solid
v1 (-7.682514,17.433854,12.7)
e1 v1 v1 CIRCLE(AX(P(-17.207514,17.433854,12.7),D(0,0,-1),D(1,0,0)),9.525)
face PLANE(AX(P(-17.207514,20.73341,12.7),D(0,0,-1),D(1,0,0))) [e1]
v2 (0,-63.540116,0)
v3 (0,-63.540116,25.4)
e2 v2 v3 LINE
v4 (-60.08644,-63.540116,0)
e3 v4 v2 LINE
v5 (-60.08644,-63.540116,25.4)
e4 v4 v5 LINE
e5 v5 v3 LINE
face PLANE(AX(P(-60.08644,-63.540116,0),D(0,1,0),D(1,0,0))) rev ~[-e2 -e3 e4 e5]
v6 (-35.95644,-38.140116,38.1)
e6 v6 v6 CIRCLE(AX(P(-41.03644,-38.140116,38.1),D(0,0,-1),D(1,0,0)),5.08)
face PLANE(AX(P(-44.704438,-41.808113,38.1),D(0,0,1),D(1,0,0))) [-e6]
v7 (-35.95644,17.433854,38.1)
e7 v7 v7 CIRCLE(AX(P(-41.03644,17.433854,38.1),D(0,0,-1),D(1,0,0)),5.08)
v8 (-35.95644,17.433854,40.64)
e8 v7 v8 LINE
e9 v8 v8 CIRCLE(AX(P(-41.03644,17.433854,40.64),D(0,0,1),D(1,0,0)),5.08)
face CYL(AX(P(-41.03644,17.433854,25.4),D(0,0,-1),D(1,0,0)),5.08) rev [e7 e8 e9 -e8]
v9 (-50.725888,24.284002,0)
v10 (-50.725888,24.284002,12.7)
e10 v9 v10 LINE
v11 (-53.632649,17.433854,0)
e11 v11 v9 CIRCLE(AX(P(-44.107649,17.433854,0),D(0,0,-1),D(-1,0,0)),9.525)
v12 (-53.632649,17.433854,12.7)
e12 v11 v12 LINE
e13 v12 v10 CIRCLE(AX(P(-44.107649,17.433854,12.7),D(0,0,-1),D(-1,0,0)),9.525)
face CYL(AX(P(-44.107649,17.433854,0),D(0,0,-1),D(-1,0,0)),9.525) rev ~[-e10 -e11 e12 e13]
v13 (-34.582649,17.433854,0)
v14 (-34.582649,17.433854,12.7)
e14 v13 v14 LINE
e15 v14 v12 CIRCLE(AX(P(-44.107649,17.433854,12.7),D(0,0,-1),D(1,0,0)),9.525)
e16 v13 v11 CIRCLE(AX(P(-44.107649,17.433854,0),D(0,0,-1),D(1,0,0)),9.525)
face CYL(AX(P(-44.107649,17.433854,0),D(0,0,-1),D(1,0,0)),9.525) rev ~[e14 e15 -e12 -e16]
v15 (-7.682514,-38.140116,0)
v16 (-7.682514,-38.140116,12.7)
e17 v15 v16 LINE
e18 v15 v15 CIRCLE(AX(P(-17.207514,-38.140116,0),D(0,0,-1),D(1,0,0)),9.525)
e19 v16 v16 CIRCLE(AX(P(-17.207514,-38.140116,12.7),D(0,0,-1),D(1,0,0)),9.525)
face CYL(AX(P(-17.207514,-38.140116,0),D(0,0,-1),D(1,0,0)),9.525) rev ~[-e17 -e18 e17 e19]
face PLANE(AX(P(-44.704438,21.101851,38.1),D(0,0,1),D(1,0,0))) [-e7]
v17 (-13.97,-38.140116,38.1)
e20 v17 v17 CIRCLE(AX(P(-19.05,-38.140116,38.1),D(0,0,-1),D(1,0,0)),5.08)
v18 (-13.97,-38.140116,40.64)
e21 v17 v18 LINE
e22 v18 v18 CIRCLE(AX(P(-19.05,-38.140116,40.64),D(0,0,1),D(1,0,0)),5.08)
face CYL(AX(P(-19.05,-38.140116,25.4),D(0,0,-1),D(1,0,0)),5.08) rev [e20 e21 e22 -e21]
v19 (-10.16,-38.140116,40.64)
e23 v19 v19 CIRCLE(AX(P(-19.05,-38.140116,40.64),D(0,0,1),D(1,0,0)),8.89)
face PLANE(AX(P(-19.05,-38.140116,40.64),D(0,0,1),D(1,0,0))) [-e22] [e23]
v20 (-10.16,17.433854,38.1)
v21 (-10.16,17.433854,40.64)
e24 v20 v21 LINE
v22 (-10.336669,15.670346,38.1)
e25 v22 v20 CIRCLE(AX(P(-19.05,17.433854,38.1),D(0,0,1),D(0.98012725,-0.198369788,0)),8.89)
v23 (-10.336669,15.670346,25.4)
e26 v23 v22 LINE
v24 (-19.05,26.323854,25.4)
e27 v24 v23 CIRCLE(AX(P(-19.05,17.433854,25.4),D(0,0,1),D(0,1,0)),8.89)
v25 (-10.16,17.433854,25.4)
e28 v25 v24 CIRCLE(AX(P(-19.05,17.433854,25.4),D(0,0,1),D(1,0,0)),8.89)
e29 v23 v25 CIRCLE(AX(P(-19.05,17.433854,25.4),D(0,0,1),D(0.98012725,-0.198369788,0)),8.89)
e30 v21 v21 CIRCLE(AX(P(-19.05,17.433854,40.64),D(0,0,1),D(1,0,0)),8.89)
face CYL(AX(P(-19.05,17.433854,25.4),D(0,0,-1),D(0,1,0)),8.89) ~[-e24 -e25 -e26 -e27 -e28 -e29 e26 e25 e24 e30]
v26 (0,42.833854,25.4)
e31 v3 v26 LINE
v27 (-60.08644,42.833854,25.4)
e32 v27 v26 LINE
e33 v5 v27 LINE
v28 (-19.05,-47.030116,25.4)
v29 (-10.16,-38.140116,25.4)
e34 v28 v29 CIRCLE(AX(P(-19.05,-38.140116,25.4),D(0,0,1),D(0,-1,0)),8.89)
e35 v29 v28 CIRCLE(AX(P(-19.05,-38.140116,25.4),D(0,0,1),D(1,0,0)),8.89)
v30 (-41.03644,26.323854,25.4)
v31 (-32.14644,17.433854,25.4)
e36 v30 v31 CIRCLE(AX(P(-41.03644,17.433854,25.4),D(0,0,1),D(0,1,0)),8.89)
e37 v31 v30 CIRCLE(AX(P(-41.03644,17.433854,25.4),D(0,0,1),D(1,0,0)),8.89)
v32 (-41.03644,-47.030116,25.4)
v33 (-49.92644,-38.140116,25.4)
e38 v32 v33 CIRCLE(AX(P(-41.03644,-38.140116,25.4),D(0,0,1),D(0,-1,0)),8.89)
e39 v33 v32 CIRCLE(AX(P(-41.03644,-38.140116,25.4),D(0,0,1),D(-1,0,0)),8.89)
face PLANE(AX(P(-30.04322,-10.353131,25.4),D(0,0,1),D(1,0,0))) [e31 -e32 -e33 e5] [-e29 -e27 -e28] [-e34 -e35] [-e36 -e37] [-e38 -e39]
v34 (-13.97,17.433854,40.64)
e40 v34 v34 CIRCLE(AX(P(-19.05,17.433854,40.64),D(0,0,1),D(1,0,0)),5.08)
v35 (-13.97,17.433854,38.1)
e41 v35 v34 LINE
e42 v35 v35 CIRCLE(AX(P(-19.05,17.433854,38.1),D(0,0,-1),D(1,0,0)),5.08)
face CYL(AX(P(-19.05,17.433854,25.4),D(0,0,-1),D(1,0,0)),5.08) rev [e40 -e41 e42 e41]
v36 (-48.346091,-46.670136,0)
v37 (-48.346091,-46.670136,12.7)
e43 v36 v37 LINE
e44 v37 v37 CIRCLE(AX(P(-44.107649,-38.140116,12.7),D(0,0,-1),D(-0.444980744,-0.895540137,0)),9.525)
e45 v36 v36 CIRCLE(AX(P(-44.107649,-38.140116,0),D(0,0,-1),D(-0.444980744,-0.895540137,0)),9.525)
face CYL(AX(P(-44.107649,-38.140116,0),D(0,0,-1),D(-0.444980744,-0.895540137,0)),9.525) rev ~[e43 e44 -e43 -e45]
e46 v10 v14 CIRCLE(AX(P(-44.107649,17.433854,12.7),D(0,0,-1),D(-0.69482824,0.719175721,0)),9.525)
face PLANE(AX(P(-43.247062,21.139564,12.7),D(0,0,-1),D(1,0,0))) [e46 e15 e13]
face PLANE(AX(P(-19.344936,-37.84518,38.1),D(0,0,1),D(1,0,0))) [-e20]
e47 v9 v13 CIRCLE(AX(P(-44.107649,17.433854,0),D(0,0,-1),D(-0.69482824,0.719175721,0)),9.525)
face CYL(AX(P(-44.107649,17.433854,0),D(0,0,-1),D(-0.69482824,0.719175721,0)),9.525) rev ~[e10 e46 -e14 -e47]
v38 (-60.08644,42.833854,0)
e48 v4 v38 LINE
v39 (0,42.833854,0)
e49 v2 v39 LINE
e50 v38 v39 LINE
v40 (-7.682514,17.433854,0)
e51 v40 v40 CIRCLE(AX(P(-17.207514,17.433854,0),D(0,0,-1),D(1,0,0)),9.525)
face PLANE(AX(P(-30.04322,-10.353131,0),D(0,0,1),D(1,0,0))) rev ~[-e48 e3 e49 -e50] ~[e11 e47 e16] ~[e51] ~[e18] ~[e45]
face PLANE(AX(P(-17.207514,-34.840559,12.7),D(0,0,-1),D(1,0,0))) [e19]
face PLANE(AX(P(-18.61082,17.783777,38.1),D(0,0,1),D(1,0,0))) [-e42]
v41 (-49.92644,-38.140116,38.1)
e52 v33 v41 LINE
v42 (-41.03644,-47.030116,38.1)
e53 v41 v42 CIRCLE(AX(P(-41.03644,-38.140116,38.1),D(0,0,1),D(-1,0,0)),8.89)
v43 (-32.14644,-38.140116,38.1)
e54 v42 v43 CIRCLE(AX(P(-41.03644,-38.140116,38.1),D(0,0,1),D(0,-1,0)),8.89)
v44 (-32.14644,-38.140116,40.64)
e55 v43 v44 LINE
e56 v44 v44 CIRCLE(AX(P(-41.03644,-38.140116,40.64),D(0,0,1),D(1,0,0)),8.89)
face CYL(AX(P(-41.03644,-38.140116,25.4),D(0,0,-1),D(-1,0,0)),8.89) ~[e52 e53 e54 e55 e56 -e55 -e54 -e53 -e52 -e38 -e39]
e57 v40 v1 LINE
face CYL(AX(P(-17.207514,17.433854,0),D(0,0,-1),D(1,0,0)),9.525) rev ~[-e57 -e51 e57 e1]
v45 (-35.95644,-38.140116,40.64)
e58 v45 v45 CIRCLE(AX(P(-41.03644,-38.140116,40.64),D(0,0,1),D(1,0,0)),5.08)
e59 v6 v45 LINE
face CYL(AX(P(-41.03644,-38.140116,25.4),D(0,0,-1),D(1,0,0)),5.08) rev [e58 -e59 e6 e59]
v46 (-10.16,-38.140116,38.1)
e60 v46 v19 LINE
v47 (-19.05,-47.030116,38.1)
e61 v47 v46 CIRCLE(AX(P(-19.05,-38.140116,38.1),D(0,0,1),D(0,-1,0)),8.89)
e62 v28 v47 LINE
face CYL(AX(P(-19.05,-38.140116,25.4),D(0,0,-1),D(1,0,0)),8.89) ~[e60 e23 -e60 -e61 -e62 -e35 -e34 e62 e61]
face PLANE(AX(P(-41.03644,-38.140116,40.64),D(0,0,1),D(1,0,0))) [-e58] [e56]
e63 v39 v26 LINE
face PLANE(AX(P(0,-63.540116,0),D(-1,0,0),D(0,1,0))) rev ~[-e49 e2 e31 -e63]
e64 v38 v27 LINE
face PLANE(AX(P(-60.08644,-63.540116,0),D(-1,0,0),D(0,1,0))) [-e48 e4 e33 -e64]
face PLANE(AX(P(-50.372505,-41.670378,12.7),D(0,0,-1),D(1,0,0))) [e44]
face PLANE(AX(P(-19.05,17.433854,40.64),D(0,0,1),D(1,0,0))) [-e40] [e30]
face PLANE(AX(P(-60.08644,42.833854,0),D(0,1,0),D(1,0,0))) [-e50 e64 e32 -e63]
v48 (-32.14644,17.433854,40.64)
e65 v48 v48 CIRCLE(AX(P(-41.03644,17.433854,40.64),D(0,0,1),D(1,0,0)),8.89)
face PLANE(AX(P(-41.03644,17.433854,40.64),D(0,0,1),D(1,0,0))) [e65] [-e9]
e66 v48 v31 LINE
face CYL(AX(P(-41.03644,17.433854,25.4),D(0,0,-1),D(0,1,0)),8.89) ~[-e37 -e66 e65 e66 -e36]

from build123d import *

# Parameters (mm, degrees)
F0_W     = 60.086440295
F0_H     = 106.3739694655
F1_DEPTH = 25.4
F3_DEPTH = 12.7
F4_R     = 8.89
F4_R_2   = 5.08
F5_DEPTH = 15.24
F7_DEPTH = 12.7


with BuildPart() as f1:
    # F0 (on Top) → F1 (new body)
    with BuildSketch(Plane.XY):
        with Locations((-30.0432201475, -10.3531312197)):
            Rectangle(F0_W, F0_H)
    extrude(amount=F1_DEPTH)

    # F2 (on face) → F3 (join)
    with BuildSketch(Plane.XY.offset(25.4)):
        with BuildLine():
            ThreePointArc((-10.16, -38.1401159525), (-25.3361792847, -31.8539366677), (-19.05, -47.0301159525))
            Line((-19.05, -47.0301159525), (-19.05, -38.1401159525))
            Line((-19.05, -38.1401159525), (-10.16, -38.1401159525))
        make_face()
        with BuildLine():
            Line((-19.05, -38.1401159525), (-19.05, -47.0301159525))
            ThreePointArc((-19.05, -47.0301159525), (-12.7638207153, -44.4262952372), (-10.16, -38.1401159525))
            Line((-10.16, -38.1401159525), (-19.05, -38.1401159525))
        make_face()
        with BuildLine():
            ThreePointArc((-49.926440295, -38.1401159525), (-47.3226195797, -44.4262952372), (-41.036440295, -47.0301159525))
            Line((-41.036440295, -47.0301159525), (-41.036440295, -38.1401159525))
            Line((-41.036440295, -38.1401159525), (-49.926440295, -38.1401159525))
        make_face()
        with BuildLine():
            Line((-41.036440295, -38.1401159525), (-41.036440295, -47.0301159525))
            ThreePointArc((-41.036440295, -47.0301159525), (-34.7502610102, -44.4262952372), (-32.146440295, -38.1401159525))
            ThreePointArc((-32.146440295, -38.1401159525), (-41.036440295, -29.2501159525), (-49.926440295, -38.1401159525))
            Line((-49.926440295, -38.1401159525), (-41.036440295, -38.1401159525))
        make_face()
        with BuildLine():
            ThreePointArc((-41.036440295, 26.323853513), (-47.3226195797, 23.7200327978), (-49.926440295, 17.433853513))
            Line((-49.926440295, 17.433853513), (-41.036440295, 17.433853513))
            Line((-41.036440295, 17.433853513), (-41.036440295, 26.323853513))
        make_face()
        with BuildLine():
            Line((-41.036440295, 17.433853513), (-49.926440295, 17.433853513))
            ThreePointArc((-49.926440295, 17.433853513), (-41.036440295, 8.543853513), (-32.146440295, 17.433853513))
            ThreePointArc((-32.146440295, 17.433853513), (-34.7502610102, 23.7200327978), (-41.036440295, 26.323853513))
            Line((-41.036440295, 26.323853513), (-41.036440295, 17.433853513))
        make_face()
        with BuildLine():
            ThreePointArc((-19.05, 26.323853513), (-25.9314853388, 11.8055980522), (-10.3366687432, 15.6703460962))
            ThreePointArc((-10.3366687432, 15.6703460962), (-10.2042774497, 16.5476861679), (-10.16, 17.433853513))
            ThreePointArc((-10.16, 17.433853513), (-12.7638207153, 23.7200327978), (-19.05, 26.323853513))
        make_face()
    extrude(amount=F3_DEPTH)

    # F4 (on face) → F5 (join)
    with BuildSketch(Plane.XY.offset(25.4)):
        with Locations((-41.036440295, -38.1401159525)):
            Circle(F4_R)
        with Locations((-41.036440295, -38.1401159525)):
            Circle(F4_R_2, mode=Mode.SUBTRACT)
        with Locations((-19.05, -38.1401159525)):
            Circle(F4_R)
        with Locations((-19.05, -38.1401159525)):
            Circle(F4_R_2, mode=Mode.SUBTRACT)
        with Locations((-41.036440295, 17.433853513)):
            Circle(F4_R)
        with Locations((-41.036440295, 17.433853513)):
            Circle(F4_R_2, mode=Mode.SUBTRACT)
        with Locations((-19.05, 17.433853513)):
            Circle(F4_R)
        with Locations((-19.05, 17.433853513)):
            Circle(F4_R_2, mode=Mode.SUBTRACT)
    extrude(amount=F5_DEPTH)

    # F6 (on face) → F7 (cut)
    with BuildSketch(Plane(origin=(0, 0, 0), x_dir=(1, 0, 0), z_dir=(0, 0, -1))):
        with BuildLine():
            Line((-53.6326494753, 38.1401159525), (-48.3460910618, 38.1401159525))
            Line((-48.3460910618, 38.1401159525), (-48.3460910618, 46.6701357601))
            ThreePointArc((-48.3460910618, 46.6701357601), (-52.20384553, 43.1578080957), (-53.6326494753, 38.1401159525))
        make_face()
        with BuildLine():
            Line((-34.5826494753, 38.1401159525), (-48.3460910618, 38.1401159525))
            Line((-48.3460910618, 38.1401159525), (-53.6326494753, 38.1401159525))
            ThreePointArc((-53.6326494753, 38.1401159525), (-44.1076494753, 28.6151159525), (-34.5826494753, 38.1401159525))
        make_face()
        with BuildLine():
            Line((-48.3460910618, 46.6701357601), (-48.3460910618, 38.1401159525))
            Line((-48.3460910618, 38.1401159525), (-34.5826494753, 38.1401159525))
            ThreePointArc((-34.5826494753, 38.1401159525), (-39.0899573321, 46.2363120072), (-48.3460910618, 46.6701357601))
        make_face()
        with BuildLine():
            Line((-7.6825144947, 38.1401159525), (-26.7325144947, 38.1401159525))
            ThreePointArc((-26.7325144947, 38.1401159525), (-17.2075144947, 28.6151159525), (-7.6825144947, 38.1401159525))
        make_face()
        with BuildLine():
            ThreePointArc((-7.6825144947, 38.1401159525), (-17.2075144947, 47.6651159525), (-26.7325144947, 38.1401159525))
            Line((-26.7325144947, 38.1401159525), (-7.6825144947, 38.1401159525))
        make_face()
        with BuildLine():
            ThreePointArc((-26.7325144947, -17.433853513), (-17.2075144947, -26.958853513), (-7.6825144947, -17.433853513))
            Line((-7.6825144947, -17.433853513), (-26.7325144947, -17.433853513))
        make_face()
        with BuildLine():
            Line((-26.7325144947, -17.433853513), (-7.6825144947, -17.433853513))
            ThreePointArc((-7.6825144947, -17.433853513), (-17.2075144947, -7.908853513), (-26.7325144947, -17.433853513))
        make_face()
        with BuildLine():
            Line((-34.5826494753, -17.433853513), (-50.7258884609, -17.433853513))
            Line((-50.7258884609, -17.433853513), (-50.7258884609, -24.2840022508))
            ThreePointArc((-50.7258884609, -24.2840022508), (-40.3869708637, -26.2021016658), (-34.5826494753, -17.433853513))
        make_face()
        with BuildLine():
            Line((-50.7258884609, -17.433853513), (-53.6326494753, -17.433853513))
            ThreePointArc((-53.6326494753, -17.433853513), (-52.8758976281, -21.1545321247), (-50.7258884609, -24.2840022508))
            Line((-50.7258884609, -24.2840022508), (-50.7258884609, -17.433853513))
        make_face()
        with BuildLine():
            ThreePointArc((-34.5826494753, -17.433853513), (-44.1076494753, -7.908853513), (-53.6326494753, -17.433853513))
            Line((-53.6326494753, -17.433853513), (-50.7258884609, -17.433853513))
            Line((-50.7258884609, -17.433853513), (-34.5826494753, -17.433853513))
        make_face()
    extrude(amount=-F7_DEPTH, mode=Mode.SUBTRACT)


solid = f1.part
